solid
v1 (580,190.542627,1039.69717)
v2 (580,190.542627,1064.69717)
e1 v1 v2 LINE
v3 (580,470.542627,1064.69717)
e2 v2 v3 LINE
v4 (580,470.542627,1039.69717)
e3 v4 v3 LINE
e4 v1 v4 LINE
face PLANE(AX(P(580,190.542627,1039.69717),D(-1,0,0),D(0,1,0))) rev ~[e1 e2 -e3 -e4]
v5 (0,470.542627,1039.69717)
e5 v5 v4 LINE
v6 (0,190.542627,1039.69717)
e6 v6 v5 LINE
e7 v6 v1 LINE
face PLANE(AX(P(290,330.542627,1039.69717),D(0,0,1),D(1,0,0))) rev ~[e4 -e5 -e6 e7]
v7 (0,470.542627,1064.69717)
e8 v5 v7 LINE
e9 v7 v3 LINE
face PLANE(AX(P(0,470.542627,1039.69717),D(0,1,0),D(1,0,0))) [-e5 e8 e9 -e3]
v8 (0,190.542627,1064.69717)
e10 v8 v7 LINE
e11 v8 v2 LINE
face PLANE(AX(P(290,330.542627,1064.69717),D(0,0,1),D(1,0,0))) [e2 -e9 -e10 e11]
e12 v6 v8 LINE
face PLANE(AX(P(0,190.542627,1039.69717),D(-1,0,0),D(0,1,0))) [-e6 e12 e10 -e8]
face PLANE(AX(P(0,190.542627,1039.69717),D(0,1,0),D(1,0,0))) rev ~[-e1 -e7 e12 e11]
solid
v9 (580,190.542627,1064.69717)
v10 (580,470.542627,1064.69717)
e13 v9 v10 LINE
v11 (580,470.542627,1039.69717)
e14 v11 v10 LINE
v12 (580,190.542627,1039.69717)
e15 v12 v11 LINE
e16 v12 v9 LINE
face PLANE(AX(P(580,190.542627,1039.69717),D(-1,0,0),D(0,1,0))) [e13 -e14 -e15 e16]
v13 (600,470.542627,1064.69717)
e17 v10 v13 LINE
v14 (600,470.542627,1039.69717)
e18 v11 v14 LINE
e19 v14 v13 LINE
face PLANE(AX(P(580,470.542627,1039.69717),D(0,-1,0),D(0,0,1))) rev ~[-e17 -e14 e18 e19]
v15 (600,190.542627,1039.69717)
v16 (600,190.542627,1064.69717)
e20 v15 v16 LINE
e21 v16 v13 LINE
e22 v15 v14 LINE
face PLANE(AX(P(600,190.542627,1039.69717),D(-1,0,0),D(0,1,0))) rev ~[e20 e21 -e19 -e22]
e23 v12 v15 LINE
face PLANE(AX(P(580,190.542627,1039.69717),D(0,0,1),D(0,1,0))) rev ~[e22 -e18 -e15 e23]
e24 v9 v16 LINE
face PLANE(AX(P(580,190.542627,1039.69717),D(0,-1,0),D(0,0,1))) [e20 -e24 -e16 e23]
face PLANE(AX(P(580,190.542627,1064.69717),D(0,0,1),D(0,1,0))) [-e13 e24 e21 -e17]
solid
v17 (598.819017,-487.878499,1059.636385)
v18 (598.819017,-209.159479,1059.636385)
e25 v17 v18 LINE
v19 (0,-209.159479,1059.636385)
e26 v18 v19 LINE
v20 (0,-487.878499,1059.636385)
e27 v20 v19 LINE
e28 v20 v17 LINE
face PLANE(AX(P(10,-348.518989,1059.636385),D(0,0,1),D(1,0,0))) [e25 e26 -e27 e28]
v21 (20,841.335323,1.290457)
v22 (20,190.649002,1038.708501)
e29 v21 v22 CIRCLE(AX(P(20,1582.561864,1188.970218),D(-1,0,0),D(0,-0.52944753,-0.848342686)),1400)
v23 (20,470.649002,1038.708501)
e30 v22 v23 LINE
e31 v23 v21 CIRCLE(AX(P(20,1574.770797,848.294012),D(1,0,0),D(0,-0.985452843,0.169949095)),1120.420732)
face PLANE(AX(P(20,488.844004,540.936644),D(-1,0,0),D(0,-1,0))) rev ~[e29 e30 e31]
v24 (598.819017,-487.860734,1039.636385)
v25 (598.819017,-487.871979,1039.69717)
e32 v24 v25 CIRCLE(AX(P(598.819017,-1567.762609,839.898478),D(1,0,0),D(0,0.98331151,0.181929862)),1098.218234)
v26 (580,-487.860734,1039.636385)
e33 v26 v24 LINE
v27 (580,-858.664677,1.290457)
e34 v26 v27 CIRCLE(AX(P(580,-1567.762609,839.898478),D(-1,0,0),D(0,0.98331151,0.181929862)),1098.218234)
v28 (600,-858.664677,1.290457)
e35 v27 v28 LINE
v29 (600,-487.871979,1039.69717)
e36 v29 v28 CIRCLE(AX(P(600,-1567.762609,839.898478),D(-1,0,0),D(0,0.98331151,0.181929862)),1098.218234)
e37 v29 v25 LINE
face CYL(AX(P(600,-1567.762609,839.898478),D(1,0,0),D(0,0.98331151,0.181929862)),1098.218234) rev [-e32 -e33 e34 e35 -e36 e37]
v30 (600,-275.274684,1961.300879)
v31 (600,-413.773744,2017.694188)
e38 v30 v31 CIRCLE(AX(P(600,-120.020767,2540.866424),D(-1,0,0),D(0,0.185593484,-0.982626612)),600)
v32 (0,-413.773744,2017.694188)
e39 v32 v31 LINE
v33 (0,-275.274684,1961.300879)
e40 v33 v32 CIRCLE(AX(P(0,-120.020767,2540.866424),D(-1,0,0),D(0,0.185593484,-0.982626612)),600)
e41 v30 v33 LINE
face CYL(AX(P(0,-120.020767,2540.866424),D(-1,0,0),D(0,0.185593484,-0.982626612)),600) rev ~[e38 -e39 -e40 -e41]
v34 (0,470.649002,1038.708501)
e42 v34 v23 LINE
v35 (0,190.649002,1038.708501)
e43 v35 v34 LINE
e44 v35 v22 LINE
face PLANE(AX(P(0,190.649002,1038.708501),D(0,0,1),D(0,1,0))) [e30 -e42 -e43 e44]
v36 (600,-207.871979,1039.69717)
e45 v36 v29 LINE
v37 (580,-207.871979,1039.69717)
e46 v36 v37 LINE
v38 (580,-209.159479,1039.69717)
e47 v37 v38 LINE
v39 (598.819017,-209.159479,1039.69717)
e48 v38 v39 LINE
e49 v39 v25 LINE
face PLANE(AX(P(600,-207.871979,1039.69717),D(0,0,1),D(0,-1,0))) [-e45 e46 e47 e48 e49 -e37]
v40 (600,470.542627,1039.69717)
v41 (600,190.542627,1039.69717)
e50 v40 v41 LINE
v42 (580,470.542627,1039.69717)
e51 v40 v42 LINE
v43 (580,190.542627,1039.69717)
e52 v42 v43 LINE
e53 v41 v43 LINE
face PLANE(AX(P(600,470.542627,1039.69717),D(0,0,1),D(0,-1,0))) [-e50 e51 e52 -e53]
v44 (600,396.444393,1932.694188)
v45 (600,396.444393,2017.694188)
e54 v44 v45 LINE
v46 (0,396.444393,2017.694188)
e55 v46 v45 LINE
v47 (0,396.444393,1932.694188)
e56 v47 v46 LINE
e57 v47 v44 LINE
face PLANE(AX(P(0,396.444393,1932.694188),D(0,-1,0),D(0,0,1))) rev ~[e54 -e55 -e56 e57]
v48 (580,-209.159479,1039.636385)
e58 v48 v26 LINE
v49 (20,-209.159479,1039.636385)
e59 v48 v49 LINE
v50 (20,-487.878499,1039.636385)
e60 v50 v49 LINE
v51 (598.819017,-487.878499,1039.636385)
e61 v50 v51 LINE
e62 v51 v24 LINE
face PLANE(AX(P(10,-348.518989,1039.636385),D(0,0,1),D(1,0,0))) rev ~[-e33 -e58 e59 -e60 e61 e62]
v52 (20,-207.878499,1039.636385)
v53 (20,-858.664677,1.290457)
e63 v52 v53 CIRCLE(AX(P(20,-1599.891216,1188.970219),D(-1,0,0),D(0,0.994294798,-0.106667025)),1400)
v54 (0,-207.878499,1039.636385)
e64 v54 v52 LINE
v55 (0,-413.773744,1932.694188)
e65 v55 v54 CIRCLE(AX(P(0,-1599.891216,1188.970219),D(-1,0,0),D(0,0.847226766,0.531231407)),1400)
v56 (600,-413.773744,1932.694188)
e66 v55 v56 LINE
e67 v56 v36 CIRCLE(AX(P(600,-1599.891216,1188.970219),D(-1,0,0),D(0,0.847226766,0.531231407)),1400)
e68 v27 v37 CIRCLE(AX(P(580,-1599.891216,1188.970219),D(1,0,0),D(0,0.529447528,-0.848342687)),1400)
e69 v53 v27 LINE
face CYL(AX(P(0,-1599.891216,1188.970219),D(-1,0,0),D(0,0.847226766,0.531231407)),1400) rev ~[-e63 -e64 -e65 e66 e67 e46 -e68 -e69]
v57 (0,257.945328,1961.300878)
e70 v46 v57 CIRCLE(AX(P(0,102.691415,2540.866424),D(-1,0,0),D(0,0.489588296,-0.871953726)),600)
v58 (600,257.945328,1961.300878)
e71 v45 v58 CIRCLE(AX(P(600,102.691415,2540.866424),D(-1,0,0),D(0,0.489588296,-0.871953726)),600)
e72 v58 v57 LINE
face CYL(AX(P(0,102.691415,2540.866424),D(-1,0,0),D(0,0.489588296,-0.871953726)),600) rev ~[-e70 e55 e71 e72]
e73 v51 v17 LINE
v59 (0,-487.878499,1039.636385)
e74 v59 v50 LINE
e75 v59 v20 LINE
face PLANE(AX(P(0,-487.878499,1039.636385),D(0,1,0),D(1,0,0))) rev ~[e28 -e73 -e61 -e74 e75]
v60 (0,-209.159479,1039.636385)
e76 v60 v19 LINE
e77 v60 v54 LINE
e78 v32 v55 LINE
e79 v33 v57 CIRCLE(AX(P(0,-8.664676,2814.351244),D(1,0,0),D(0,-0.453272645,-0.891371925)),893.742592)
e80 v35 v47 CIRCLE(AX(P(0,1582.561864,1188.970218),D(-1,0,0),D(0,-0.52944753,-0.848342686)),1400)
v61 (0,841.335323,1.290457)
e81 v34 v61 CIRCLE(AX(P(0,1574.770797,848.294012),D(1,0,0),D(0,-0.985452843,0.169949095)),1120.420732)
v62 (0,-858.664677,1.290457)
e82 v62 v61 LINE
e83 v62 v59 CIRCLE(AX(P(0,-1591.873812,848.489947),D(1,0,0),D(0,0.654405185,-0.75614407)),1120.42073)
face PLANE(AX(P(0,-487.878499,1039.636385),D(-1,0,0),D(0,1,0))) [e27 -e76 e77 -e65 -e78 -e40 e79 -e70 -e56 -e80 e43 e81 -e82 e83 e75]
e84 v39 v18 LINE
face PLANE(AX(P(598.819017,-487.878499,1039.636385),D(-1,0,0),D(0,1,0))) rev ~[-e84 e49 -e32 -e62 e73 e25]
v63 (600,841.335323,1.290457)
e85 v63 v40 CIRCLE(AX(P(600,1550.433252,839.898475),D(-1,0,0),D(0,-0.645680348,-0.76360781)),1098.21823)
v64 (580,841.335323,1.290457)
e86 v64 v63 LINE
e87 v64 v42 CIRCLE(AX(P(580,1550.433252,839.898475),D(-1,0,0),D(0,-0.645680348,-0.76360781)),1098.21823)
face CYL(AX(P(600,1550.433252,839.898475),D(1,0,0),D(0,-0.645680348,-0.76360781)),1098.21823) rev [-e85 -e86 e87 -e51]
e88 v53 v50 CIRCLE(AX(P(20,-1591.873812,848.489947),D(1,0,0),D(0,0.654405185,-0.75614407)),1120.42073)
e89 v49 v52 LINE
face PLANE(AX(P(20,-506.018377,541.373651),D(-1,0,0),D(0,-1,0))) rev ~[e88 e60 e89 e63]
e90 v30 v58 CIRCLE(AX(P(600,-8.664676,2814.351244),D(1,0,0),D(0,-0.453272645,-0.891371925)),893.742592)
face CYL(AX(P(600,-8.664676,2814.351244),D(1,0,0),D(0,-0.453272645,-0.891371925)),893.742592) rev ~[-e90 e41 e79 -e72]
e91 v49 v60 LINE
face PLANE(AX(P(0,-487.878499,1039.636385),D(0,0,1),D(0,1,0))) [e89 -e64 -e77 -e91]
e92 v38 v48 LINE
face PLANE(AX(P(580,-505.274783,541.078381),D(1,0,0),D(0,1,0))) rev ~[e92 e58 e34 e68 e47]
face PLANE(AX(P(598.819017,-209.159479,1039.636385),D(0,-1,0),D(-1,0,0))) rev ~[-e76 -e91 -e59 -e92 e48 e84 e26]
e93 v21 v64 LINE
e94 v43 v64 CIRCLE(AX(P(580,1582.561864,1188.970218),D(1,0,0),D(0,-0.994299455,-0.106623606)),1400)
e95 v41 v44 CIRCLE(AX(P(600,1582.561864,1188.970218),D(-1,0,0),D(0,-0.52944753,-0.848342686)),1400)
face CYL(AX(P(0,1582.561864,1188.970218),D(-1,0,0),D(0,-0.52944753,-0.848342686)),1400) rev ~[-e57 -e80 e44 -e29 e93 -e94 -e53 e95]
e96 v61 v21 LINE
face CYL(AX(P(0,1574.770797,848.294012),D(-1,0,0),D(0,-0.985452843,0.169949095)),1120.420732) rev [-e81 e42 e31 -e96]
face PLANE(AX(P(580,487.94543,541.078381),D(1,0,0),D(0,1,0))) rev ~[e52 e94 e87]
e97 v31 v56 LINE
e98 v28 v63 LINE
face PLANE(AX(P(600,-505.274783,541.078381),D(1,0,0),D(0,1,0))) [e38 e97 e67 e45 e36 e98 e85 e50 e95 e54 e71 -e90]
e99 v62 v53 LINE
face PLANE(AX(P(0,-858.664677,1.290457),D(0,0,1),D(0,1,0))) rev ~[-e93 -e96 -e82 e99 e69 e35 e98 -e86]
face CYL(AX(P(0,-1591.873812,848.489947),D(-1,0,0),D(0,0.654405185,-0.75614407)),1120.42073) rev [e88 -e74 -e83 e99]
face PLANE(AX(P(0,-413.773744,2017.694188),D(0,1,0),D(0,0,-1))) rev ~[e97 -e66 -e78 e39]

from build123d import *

# Parameters (mm, degrees)
F1_DEPTH  = 600
F3_DEPTH  = 600.001
F5_DEPTH  = 20
F7_DEPTH  = 20
F8_W      = 580
F8_H      = 280
F9_DEPTH  = 25
F10_DEPTH = 20
F11_W     = 20
F11_H     = 278.7190201738
F11_W_2   = 578.8190174103
F12_DEPTH = 20


with BuildPart() as f1:
    # F0 (on Right) → F1 (new body)
    with BuildSketch(Plane.YZ):
        with BuildLine():
            ThreePointArc((-413.7737442203, 1932.6941884178), (-235.6171133469, 874.7152717166), (-858.6646769196, 1.2904570733))
            Line((-858.6646769196, 1.2904570733), (841.3353230804, 1.2904570733))
            ThreePointArc((841.3353230804, 1.2904570733), (218.2877610308, 874.7152723164), (396.4443930804, 1932.6941884178))
            Line((396.4443930804, 1932.6941884178), (396.4443930804, 2017.6941884178))
            ThreePointArc((396.4443930804, 2017.6941884178), (199.7456261802, 1948.7680536266), (-8.6646769196, 1951.2904570733))
            ThreePointArc((-8.6646769196, 1951.2904570733), (-217.0749786293, 1948.7680541113), (-413.7737442203, 2017.6941884178))
            Line((-413.7737442203, 2017.6941884178), (-413.7737442203, 1932.6941884178))
        make_face()
    extrude(amount=F1_DEPTH)

    # F2 (on face) → F3 (cut, through all)
    with BuildSketch(Plane.YZ.offset(600)):
        with BuildLine():
            Line((396.4443930804, 2017.6941884178), (-413.7737442203, 2017.6941884178))
            ThreePointArc((-413.7737442203, 2017.6941884178), (-345.7057427079, 1986.5957603046), (-275.2746839195, 1961.3008790249))
            ThreePointArc((-275.2746839195, 1961.3008790249), (-142.5331399832, 1941.2889121961), (-8.6646769196, 1951.2904570733))
            ThreePointArc((-8.6646769196, 1951.2904570733), (125.2037851776, 1941.2889117025), (257.9453283126, 1961.3008776288))
            ThreePointArc((257.9453283126, 1961.3008776288), (328.3763894007, 1986.5957594221), (396.4443930804, 2017.6941884178))
        make_face()
        with BuildLine():
            ThreePointArc((-8.6646769196, 1951.2904570733), (-142.5331399832, 1941.2889121961), (-275.2746839195, 1961.3008790249))
            ThreePointArc((-275.2746839195, 1961.3008790249), (-8.66467791, 1920.6086514411), (257.9453283126, 1961.3008776288))
            ThreePointArc((257.9453283126, 1961.3008776288), (125.2037851776, 1941.2889117025), (-8.6646769196, 1951.2904570733))
        make_face()
    extrude(amount=-F3_DEPTH, mode=Mode.SUBTRACT)

    # F4 (on face) → F5 (join)
    with BuildSketch(Plane.YZ.offset(600)):
        with BuildLine():
            ThreePointArc((-487.8719790556, 1039.6971702576), (-533.5033840935, 470.5867589871), (-858.6646769196, 1.2904570733))
            ThreePointArc((-858.6646769196, 1.2904570733), (-413.6127871917, 445.5030116798), (-207.8719790556, 1039.6971702576))
            Line((-207.8719790556, 1039.6971702576), (-487.8719790556, 1039.6971702576))
        make_face()
        with BuildLine():
            ThreePointArc((190.5426270267, 1039.6971702576), (396.283434362, 445.5030119538), (841.3353230804, 1.2904570733))
            ThreePointArc((841.3353230804, 1.2904570733), (516.1740306428, 470.5867590462), (470.5426270267, 1039.6971702576))
            Line((470.5426270267, 1039.6971702576), (190.5426270267, 1039.6971702576))
        make_face()
    extrude(amount=-F5_DEPTH)

    # F6 (on face) → F7 (join)
    with BuildSketch(Plane(origin=(0, 0, 0), x_dir=(0, -1, 0), z_dir=(-1, 0, 0))):
        with BuildLine():
            ThreePointArc((-841.3353230804, 1.2904570733), (-396.5475396439, 445.0817710452), (-190.6490020093, 1038.7085012816))
            Line((-190.6490020093, 1038.7085012816), (-470.6490020093, 1038.7085012816))
            ThreePointArc((-470.6490020093, 1038.7085012816), (-519.6815928842, 471.2934981386), (-841.3353230804, 1.2904570733))
        make_face()
        with BuildLine():
            ThreePointArc((207.878498719, 1039.6363848164), (413.6290200403, 445.4771111279), (858.6646769196, 1.2904570733))
            ThreePointArc((858.6646769196, 1.2904570733), (536.7100272294, 471.698228356), (487.878498719, 1039.6363848164))
            Line((487.878498719, 1039.6363848164), (207.878498719, 1039.6363848164))
        make_face()
    extrude(amount=-F7_DEPTH)

    # F11 (on face) → F12 (join)
    with BuildSketch(Plane.XY.offset(1039.6363848164)):
        with Locations((10, -348.5189886321)):
            Rectangle(F11_W, F11_H)
        with Locations((309.4095087051, -348.5189886321)):
            Rectangle(F11_W_2, F11_H)
    extrude(amount=F12_DEPTH)


with BuildPart() as f9:
    # F8 (on face) → F9 (new body)
    with BuildSketch(Plane.XY.offset(1039.6971702576)):
        with Locations((290, 330.5426270267)):
            Rectangle(F8_W, F8_H)
    extrude(amount=F9_DEPTH)


with BuildPart() as f10:
    # F10 (new): a face of the model
    f10_faces = [f9.part.faces().sort_by_distance(p)[0] for p in [
        (580, 330.5426270267, 1052.1971702576),
    ]]
    extrude(f10_faces, amount=F10_DEPTH)


solid = Compound([f1.part, f9.part, f10.part])
